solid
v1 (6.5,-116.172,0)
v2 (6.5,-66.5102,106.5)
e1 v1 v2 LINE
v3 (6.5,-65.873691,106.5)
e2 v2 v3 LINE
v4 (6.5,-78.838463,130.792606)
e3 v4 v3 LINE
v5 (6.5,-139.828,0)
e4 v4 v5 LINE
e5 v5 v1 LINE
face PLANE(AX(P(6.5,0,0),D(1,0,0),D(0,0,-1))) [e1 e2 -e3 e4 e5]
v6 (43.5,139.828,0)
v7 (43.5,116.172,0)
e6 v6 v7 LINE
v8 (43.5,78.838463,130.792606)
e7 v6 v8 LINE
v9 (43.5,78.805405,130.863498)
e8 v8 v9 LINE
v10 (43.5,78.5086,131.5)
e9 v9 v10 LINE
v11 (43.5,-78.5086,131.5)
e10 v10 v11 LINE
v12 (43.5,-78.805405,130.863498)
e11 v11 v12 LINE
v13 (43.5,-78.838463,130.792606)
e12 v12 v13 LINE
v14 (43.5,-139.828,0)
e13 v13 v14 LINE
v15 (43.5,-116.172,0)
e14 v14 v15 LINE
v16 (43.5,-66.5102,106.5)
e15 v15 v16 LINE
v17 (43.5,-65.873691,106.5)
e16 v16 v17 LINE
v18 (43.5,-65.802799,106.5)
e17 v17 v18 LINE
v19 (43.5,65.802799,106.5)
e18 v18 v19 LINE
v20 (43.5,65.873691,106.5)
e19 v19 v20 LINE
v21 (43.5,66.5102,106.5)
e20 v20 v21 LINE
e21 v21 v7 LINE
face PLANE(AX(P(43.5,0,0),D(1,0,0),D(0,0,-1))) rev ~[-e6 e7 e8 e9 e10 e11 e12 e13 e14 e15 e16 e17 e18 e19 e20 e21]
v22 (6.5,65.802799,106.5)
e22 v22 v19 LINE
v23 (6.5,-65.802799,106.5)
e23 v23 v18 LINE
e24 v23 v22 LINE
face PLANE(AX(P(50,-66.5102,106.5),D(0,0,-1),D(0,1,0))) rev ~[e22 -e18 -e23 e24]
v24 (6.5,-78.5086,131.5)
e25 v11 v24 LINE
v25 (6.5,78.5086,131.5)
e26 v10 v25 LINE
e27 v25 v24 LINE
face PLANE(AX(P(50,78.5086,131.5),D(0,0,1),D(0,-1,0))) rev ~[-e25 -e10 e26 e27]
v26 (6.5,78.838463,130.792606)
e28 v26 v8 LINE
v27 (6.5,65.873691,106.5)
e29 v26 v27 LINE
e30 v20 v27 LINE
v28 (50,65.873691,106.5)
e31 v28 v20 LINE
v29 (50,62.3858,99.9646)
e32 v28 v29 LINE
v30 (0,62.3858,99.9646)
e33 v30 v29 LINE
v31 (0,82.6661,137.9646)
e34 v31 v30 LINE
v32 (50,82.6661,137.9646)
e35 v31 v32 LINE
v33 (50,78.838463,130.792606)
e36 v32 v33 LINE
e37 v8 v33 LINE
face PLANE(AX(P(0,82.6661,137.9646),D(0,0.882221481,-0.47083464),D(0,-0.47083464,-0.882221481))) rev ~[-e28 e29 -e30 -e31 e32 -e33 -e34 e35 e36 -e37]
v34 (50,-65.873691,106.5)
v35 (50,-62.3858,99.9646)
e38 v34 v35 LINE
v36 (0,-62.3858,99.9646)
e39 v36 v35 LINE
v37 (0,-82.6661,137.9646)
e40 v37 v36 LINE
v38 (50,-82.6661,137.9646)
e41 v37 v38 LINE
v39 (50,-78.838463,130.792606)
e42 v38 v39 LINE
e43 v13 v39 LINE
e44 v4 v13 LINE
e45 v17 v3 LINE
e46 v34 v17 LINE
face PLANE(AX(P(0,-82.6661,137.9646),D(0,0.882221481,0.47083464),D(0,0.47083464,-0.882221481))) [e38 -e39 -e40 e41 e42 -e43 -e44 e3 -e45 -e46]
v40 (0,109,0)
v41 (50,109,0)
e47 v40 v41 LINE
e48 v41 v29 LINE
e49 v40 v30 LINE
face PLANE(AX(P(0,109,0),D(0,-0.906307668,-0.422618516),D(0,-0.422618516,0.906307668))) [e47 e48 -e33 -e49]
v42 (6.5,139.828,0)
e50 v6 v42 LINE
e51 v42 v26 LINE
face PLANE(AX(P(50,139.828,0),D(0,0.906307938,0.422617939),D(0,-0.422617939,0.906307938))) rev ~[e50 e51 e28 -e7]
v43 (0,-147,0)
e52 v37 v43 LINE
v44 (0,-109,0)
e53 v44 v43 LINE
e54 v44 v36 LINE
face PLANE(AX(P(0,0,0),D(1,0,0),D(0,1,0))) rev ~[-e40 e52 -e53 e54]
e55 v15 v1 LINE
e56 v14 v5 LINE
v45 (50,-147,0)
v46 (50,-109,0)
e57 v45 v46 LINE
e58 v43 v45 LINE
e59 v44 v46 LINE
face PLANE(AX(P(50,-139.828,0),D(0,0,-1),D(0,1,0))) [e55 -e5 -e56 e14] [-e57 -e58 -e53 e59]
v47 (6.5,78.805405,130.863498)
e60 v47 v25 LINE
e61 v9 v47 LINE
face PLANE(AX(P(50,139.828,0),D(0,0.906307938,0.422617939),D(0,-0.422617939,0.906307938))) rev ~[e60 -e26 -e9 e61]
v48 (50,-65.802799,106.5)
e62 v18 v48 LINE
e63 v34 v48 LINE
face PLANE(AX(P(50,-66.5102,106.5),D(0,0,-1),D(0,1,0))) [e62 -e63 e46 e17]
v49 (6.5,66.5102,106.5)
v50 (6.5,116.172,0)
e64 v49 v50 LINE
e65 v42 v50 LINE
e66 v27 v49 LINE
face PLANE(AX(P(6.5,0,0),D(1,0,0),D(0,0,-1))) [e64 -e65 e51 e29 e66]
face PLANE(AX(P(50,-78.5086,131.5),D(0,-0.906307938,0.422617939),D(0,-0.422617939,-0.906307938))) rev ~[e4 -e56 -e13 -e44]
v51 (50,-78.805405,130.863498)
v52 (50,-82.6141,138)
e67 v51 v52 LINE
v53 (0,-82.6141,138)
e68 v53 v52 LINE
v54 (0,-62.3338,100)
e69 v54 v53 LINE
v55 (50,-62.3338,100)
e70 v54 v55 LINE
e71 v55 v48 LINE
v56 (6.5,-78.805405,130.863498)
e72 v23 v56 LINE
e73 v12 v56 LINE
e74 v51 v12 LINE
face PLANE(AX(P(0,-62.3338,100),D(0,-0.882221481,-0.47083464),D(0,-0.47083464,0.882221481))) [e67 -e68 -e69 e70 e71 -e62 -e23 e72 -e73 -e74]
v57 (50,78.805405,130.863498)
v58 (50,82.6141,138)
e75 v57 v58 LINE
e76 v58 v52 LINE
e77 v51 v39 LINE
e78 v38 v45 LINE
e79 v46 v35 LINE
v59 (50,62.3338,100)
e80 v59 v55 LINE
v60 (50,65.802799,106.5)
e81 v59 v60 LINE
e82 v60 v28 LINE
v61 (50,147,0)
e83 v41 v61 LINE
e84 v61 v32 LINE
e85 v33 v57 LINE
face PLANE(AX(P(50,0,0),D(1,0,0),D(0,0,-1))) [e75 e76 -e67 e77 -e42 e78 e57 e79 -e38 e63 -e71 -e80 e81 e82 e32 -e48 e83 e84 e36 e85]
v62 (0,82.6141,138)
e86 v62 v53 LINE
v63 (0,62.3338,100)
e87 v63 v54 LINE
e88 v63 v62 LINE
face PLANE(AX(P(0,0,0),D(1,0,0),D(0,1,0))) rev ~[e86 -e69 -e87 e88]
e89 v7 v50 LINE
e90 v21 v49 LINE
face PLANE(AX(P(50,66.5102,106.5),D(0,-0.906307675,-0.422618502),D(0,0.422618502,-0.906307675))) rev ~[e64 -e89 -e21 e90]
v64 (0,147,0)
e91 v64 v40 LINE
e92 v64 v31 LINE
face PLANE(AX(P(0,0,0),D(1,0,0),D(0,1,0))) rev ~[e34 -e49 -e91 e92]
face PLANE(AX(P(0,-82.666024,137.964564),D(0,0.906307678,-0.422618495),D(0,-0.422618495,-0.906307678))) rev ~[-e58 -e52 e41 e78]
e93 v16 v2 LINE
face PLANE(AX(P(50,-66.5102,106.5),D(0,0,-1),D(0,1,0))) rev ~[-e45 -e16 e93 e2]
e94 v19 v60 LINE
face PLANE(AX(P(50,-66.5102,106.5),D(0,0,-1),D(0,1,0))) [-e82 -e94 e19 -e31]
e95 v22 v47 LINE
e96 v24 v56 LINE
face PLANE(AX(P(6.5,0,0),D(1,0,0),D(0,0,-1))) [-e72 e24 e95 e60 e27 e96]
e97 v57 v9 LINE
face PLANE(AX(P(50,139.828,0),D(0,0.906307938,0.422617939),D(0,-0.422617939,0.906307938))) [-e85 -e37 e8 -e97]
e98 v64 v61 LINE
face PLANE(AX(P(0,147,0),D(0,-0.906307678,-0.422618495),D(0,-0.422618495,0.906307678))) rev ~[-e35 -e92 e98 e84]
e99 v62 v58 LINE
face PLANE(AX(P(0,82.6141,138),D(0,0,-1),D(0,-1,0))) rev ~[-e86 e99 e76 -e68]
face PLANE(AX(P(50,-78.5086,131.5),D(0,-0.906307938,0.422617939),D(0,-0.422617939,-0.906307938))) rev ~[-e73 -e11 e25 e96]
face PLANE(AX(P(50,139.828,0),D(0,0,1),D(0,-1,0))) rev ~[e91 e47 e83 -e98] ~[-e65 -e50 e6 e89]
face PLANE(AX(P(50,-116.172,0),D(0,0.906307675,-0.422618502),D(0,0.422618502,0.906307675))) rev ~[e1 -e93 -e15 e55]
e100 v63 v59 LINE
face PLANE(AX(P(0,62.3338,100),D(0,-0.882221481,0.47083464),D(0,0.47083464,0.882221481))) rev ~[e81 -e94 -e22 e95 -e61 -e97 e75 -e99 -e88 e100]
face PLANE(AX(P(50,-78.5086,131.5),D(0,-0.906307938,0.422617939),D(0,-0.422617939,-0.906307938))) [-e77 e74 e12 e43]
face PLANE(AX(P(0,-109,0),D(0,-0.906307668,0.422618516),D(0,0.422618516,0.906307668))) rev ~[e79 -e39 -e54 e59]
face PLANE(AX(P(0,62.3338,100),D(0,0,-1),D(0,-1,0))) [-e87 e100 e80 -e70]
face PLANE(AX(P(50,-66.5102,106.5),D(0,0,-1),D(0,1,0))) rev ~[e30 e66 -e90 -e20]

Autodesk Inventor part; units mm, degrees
ref_plane "YZ Plane" through (0, 0, 0) normal (1, 0, 0) x (0, 1, 0)
ref_plane "XZ Plane" through (0, 0, 0) normal (0, 1, 0) x (-1, 0, 0)
ref_plane "XY Plane" through (0, 0, 0) normal (0, 0, 1) x (1, 0, 0)
sketch "Sketch1" plane through (0, 0, 0) normal (1, 0, 0) x (0, 1, 0)
  line L0 (109, 0) -> (-109, 0) construction
  line L1 (147, 0) -> (-147, 0) construction
  line L2 (109, 0) -> (215.066, 0) construction
  line L3 (109, 0) -> (62.3692, 100)
  line L4 (109, 0) -> (219.3378, 0) construction
  line L5 (-147, 0) -> (3, 0) construction
  line L6 (-109, 0) -> (-62.3692, 100)
  line L7 (-109, 0) -> (1.3378, 0) construction
  line L8 (147, 0) -> (82.6495, 138)
  line L9 (82.6495, 138) -> (-82.6495, 138)
  line L10 (-82.6495, 138) -> (-147, 0)
  line L11 (62.3692, 100) -> (-62.3692, 100)
  line L12 (147, 0) -> (109, 0)
  line L13 (-109, 0) -> (-147, 0)
  line L14 (-62.3692, 100) -> (-82.6495, 138) construction
  line L15 (62.3338, 100) -> (82.6141, 138)
  line L16 (82.6661, 137.9646) -> (62.3858, 99.9646)
  line L17 (62.3692, 100) -> (82.6495, 138) construction
  line L18 (-62.3338, 100) -> (-82.6141, 138)
  line L19 (-82.6661, 137.9646) -> (-62.3858, 99.9646)
  point P0 (0, 0)
  point P1 (0, 0)
  point P2 (0, 0)
  dimension "d0" = 218
  dimension "d1" = 294
  dimension "d5" = 115
  dimension "d9" = 65
  dimension "d10" = 38
  dimension "d11" = 100
  dimension "d12" = 0.0625
  dimension "d13" = 0.0625
  dimension "d14" = 0.0312
  dimension "d15" = 0.0312
extrude "Extrusion1" add sketch "Sketch1" along normal blind 50 contours L3 L16 L8 L12 | L11 L18 L9 L15 | L6 L13 L10 L19
sketch "Sketch2" plane through (50, 0, 0) normal (1, 0, 0) x (0, 0, -1)
  line L0 (0, 109) -> (0, 147) construction
  line L1 (0, 147) -> (-137.9646, 82.6661) construction
  line L2 (-137.9646, 82.6661) -> (-99.9646, 62.3858) construction
  line L3 (-99.9646, 62.3858) -> (0, 109) construction
  line L4 (-100, 62.3338) -> (-138, 82.6141) construction
  line L5 (-138, 82.6141) -> (-138, -82.6141) construction
  line L6 (-138, -82.6141) -> (-100, -62.3338) construction
  line L7 (-100, -62.3338) -> (-100, 62.3338) construction
  line L8 (0, -109) -> (-99.9646, -62.3858) construction
  line L9 (-99.9646, -62.3858) -> (-137.9646, -82.6661) construction
  line L10 (-137.9646, -82.6661) -> (0, -147) construction
  line L11 (0, -147) -> (0, -109) construction
  line L12 (0, 109) -> (-100, 62.3692) construction
  line L13 (-100, 62.3692) -> (-100, -62.3692) construction
  line L14 (0, -109) -> (-99.9646, -62.3858) construction
  line L15 (-100, -62.3692) -> (0, -109) construction
  line L16 (0, -147) -> (0, -109) construction
  line L17 (0, -109) -> (0, -147) construction
  line L18 (0, -147) -> (-138, -82.6495) construction
  line L19 (-137.9646, -82.6661) -> (0, -147) construction
  line L20 (-138, -82.6495) -> (-138, 82.6495) construction
  line L21 (0, 109) -> (0, 147) construction
  line L22 (-138, 82.6495) -> (0, 147) construction
  line L23 (0, 147) -> (0, 109) construction
  line L24 (-106.5, 66.5102) -> (0, 116.172)
  line L25 (0, 139.828) -> (-131.5, 78.5086)
  line L26 (-131.5, 78.5086) -> (-131.5, -78.5086)
  line L27 (-131.5, -78.5086) -> (0, -139.828)
  line L28 (0, -116.172) -> (-106.5, -66.5102)
  line L29 (-106.5, -66.5102) -> (-106.5, 66.5102)
  line L30 (0, -147) -> (0, -109) projected
  line L31 (0, 139.828) -> (0, 116.172)
  line L32 (0, -116.172) -> (0, -139.828)
  point P0 (0, 0)
  dimension "d18" = 6.5
extrude "Extrusion2" cut sketch "Sketch2" against normal blind 43.5
extrude "Extrusion3" add sketch "Sketch2" against normal blind 6.5
properties part number "FrameMainMotorMount"
